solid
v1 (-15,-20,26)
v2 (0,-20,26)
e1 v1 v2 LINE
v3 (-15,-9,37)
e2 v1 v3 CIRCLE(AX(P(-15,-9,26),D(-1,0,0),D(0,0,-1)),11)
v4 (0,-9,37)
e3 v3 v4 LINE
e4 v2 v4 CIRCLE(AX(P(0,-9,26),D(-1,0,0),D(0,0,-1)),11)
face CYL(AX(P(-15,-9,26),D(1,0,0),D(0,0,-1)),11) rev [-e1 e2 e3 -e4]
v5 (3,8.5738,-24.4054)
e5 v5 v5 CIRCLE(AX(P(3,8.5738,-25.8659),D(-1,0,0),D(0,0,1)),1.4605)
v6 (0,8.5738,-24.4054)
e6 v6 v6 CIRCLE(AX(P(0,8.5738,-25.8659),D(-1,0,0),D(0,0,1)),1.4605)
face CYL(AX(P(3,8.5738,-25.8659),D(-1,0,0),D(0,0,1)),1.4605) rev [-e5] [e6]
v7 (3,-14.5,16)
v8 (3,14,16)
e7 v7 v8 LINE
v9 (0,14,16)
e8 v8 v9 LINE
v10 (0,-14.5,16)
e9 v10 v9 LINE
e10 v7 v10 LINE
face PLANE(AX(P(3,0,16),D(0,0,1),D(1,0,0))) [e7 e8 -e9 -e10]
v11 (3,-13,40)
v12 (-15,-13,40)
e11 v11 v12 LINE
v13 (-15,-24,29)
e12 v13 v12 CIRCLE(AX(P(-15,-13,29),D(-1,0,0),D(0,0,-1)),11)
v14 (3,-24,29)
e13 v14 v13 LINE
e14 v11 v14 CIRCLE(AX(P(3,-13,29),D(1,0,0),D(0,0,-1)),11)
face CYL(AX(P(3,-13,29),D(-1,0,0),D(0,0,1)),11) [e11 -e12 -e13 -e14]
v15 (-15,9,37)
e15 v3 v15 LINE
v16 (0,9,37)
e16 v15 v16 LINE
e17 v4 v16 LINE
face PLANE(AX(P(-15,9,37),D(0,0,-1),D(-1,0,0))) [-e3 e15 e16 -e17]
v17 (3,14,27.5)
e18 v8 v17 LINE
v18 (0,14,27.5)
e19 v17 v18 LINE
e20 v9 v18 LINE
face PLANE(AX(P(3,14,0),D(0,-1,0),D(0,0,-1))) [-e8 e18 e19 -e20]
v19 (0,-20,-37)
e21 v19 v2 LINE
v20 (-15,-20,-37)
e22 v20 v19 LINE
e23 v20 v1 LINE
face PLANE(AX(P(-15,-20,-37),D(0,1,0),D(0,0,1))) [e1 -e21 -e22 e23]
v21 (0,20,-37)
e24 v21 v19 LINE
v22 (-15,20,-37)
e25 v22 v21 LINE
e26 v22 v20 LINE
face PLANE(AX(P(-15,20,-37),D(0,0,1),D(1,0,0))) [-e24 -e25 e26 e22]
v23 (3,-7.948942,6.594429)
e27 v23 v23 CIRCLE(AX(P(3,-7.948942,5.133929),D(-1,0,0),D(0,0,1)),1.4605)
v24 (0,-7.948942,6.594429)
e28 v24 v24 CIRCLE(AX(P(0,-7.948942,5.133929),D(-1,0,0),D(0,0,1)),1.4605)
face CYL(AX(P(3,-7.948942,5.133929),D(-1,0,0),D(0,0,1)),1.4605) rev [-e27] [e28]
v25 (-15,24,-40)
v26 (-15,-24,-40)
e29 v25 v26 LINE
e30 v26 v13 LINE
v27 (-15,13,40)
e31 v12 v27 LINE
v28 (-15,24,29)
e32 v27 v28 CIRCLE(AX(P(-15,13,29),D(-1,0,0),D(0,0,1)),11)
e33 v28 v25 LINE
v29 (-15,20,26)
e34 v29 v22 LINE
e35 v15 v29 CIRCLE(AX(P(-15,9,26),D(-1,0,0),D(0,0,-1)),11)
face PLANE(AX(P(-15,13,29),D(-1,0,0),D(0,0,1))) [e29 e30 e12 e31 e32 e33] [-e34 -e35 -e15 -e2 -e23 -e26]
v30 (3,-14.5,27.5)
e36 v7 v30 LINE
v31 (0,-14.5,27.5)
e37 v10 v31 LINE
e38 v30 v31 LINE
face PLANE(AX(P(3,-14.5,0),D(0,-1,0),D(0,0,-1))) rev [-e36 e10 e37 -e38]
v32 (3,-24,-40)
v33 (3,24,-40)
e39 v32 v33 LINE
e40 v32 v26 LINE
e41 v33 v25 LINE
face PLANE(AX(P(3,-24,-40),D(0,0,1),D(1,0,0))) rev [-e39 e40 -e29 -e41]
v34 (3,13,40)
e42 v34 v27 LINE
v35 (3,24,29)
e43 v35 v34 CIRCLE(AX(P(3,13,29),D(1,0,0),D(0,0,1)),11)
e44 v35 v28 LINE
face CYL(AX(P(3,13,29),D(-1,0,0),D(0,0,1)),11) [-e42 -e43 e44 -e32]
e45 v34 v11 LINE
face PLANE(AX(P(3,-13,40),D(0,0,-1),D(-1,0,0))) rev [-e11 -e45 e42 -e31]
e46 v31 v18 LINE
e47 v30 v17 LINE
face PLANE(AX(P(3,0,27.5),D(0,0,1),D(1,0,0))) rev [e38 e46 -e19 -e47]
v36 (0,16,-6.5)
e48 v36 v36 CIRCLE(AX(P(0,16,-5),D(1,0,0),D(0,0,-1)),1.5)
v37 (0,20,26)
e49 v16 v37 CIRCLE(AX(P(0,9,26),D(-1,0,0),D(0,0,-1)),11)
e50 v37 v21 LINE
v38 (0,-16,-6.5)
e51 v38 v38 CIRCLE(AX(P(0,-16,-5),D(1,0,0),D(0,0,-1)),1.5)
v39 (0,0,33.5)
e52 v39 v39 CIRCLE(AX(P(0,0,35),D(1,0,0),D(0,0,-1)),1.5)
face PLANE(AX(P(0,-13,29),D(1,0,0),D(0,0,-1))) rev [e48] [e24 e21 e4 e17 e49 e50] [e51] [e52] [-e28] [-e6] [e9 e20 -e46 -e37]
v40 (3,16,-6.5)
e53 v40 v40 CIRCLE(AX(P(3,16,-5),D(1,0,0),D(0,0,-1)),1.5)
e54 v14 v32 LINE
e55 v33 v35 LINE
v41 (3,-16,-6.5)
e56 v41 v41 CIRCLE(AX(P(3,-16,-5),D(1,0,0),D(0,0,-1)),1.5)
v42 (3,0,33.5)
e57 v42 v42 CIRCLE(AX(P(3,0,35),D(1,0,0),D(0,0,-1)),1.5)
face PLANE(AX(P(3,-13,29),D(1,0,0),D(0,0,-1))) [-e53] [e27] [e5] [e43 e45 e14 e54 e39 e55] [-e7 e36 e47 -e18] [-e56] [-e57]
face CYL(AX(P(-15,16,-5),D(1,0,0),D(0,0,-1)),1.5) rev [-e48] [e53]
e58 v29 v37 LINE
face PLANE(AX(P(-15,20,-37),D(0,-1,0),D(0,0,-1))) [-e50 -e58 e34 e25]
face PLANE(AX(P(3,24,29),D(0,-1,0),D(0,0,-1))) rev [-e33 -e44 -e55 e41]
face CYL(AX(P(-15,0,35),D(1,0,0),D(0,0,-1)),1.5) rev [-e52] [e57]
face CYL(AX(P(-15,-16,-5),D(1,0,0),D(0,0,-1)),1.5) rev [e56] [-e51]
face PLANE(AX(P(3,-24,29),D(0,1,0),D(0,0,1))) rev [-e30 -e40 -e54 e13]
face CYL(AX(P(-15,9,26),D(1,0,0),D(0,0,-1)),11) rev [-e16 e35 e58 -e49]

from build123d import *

# Parameters (mm, degrees)
RESSALTO_EXTRUS_O2_DEPTH = 3
RESSALTO_EXTRUS_O3_START = 15
RESSALTO_EXTRUS_O3_DEPTH = 15
ESBO_O3_R                = 1.5
CORTE_EXTRUS_O1_DEPTH    = 51
ESBO_O4_R                = 1.4605
CORTE_EXTRUS_O2_DEPTH    = 50
ESBO_O5_W                = 28.5
ESBO_O5_H                = 11.5
ESBO_O5_W_2              = 27.5
ESBO_O5_H_2              = 10.5
CORTE_EXTRUS_O3_DEPTH    = 50


with BuildPart() as part:
    # Esboço1 → Ressalto-extrusão2 (new body)
    with BuildSketch(Plane.YZ):
        with BuildLine():
            Line((-13, 40), (13, 40))
            ThreePointArc((13, 40), (20.778174593, 36.778174593), (24, 29))
            Line((24, 29), (24, -40))
            Line((24, -40), (-24, -40))
            Line((-24, -40), (-24, 29))
            ThreePointArc((-24, 29), (-20.778174593, 36.778174593), (-13, 40))
        make_face()
    extrude(amount=RESSALTO_EXTRUS_O2_DEPTH)

    # Esboço2 → Ressalto-extrusão3 (add)
    with BuildSketch(Plane(origin=(0, 0, 0), x_dir=(0, -1, 0), z_dir=(-1, 0, 0)).offset(RESSALTO_EXTRUS_O3_START)):
        with BuildLine():
            Line((-13, 40), (13, 40))
            ThreePointArc((13, 40), (20.778174593, 36.778174593), (24, 29))
            Line((24, 29), (24, -40))
            Line((24, -40), (-24, -40))
            Line((-24, -40), (-24, 29))
            ThreePointArc((-24, 29), (-20.778174593, 36.778174593), (-13, 40))
        make_face()
        with BuildLine():
            Line((-20, -37), (20, -37))
            Line((20, -37), (20, 26))
            ThreePointArc((20, 26), (16.778174593, 33.778174593), (9, 37))
            Line((9, 37), (-9, 37))
            ThreePointArc((-9, 37), (-16.778174593, 33.778174593), (-20, 26))
            Line((-20, 26), (-20, -37))
        make_face(mode=Mode.SUBTRACT)
    extrude(amount=-RESSALTO_EXTRUS_O3_DEPTH)

    # Esboço3 → Corte-extrusão1 (cut, through all)
    with BuildSketch(Plane.YZ.offset(3)):
        with Locations(Location((0, 35, 0), (0, 0, 270))):
            Circle(ESBO_O3_R)
        with Locations(Location((16, -5, 0), (0, 0, 270))):
            Circle(ESBO_O3_R)
        with Locations(Location((-16, -5, 0), (0, 0, 270))):
            Circle(ESBO_O3_R)
    extrude(amount=-CORTE_EXTRUS_O1_DEPTH, mode=Mode.SUBTRACT)

    # Esboço4 → Corte-extrusão2 (cut, through all)
    with BuildSketch(Plane(origin=(0, 0, 0), x_dir=(0, -1, 0), z_dir=(-1, 0, 0))):
        with Locations(Location((7.948942217, 5.133929433, 0), (0, 0, 90))):
            Circle(ESBO_O4_R)
        with Locations(Location((-8.5738, -25.8659, 0), (0, 0, 90))):
            Circle(ESBO_O4_R)
    extrude(amount=-CORTE_EXTRUS_O2_DEPTH, mode=Mode.SUBTRACT)

    # Esboço5 → Corte-extrusão3 (cut, through all)
    # profile 1 of 2: a face of its own
    with BuildSketch(Plane(origin=(0, 0, 0), x_dir=(0, -1, 0), z_dir=(-1, 0, 0))):
        with Locations((0.25, 21.75)):
            Rectangle(ESBO_O5_W, ESBO_O5_H)
        with Locations((0.25, 21.75)):
            Rectangle(ESBO_O5_W_2, ESBO_O5_H_2, mode=Mode.SUBTRACT)
    # profile 2 of 2: a face of its own
    with BuildSketch(Plane(origin=(0, 0, 0), x_dir=(0, -1, 0), z_dir=(-1, 0, 0))):
        with Locations((0.25, 21.75)):
            Rectangle(ESBO_O5_W_2, ESBO_O5_H_2)
    extrude(amount=-CORTE_EXTRUS_O3_DEPTH, mode=Mode.SUBTRACT)


solid = part.part
